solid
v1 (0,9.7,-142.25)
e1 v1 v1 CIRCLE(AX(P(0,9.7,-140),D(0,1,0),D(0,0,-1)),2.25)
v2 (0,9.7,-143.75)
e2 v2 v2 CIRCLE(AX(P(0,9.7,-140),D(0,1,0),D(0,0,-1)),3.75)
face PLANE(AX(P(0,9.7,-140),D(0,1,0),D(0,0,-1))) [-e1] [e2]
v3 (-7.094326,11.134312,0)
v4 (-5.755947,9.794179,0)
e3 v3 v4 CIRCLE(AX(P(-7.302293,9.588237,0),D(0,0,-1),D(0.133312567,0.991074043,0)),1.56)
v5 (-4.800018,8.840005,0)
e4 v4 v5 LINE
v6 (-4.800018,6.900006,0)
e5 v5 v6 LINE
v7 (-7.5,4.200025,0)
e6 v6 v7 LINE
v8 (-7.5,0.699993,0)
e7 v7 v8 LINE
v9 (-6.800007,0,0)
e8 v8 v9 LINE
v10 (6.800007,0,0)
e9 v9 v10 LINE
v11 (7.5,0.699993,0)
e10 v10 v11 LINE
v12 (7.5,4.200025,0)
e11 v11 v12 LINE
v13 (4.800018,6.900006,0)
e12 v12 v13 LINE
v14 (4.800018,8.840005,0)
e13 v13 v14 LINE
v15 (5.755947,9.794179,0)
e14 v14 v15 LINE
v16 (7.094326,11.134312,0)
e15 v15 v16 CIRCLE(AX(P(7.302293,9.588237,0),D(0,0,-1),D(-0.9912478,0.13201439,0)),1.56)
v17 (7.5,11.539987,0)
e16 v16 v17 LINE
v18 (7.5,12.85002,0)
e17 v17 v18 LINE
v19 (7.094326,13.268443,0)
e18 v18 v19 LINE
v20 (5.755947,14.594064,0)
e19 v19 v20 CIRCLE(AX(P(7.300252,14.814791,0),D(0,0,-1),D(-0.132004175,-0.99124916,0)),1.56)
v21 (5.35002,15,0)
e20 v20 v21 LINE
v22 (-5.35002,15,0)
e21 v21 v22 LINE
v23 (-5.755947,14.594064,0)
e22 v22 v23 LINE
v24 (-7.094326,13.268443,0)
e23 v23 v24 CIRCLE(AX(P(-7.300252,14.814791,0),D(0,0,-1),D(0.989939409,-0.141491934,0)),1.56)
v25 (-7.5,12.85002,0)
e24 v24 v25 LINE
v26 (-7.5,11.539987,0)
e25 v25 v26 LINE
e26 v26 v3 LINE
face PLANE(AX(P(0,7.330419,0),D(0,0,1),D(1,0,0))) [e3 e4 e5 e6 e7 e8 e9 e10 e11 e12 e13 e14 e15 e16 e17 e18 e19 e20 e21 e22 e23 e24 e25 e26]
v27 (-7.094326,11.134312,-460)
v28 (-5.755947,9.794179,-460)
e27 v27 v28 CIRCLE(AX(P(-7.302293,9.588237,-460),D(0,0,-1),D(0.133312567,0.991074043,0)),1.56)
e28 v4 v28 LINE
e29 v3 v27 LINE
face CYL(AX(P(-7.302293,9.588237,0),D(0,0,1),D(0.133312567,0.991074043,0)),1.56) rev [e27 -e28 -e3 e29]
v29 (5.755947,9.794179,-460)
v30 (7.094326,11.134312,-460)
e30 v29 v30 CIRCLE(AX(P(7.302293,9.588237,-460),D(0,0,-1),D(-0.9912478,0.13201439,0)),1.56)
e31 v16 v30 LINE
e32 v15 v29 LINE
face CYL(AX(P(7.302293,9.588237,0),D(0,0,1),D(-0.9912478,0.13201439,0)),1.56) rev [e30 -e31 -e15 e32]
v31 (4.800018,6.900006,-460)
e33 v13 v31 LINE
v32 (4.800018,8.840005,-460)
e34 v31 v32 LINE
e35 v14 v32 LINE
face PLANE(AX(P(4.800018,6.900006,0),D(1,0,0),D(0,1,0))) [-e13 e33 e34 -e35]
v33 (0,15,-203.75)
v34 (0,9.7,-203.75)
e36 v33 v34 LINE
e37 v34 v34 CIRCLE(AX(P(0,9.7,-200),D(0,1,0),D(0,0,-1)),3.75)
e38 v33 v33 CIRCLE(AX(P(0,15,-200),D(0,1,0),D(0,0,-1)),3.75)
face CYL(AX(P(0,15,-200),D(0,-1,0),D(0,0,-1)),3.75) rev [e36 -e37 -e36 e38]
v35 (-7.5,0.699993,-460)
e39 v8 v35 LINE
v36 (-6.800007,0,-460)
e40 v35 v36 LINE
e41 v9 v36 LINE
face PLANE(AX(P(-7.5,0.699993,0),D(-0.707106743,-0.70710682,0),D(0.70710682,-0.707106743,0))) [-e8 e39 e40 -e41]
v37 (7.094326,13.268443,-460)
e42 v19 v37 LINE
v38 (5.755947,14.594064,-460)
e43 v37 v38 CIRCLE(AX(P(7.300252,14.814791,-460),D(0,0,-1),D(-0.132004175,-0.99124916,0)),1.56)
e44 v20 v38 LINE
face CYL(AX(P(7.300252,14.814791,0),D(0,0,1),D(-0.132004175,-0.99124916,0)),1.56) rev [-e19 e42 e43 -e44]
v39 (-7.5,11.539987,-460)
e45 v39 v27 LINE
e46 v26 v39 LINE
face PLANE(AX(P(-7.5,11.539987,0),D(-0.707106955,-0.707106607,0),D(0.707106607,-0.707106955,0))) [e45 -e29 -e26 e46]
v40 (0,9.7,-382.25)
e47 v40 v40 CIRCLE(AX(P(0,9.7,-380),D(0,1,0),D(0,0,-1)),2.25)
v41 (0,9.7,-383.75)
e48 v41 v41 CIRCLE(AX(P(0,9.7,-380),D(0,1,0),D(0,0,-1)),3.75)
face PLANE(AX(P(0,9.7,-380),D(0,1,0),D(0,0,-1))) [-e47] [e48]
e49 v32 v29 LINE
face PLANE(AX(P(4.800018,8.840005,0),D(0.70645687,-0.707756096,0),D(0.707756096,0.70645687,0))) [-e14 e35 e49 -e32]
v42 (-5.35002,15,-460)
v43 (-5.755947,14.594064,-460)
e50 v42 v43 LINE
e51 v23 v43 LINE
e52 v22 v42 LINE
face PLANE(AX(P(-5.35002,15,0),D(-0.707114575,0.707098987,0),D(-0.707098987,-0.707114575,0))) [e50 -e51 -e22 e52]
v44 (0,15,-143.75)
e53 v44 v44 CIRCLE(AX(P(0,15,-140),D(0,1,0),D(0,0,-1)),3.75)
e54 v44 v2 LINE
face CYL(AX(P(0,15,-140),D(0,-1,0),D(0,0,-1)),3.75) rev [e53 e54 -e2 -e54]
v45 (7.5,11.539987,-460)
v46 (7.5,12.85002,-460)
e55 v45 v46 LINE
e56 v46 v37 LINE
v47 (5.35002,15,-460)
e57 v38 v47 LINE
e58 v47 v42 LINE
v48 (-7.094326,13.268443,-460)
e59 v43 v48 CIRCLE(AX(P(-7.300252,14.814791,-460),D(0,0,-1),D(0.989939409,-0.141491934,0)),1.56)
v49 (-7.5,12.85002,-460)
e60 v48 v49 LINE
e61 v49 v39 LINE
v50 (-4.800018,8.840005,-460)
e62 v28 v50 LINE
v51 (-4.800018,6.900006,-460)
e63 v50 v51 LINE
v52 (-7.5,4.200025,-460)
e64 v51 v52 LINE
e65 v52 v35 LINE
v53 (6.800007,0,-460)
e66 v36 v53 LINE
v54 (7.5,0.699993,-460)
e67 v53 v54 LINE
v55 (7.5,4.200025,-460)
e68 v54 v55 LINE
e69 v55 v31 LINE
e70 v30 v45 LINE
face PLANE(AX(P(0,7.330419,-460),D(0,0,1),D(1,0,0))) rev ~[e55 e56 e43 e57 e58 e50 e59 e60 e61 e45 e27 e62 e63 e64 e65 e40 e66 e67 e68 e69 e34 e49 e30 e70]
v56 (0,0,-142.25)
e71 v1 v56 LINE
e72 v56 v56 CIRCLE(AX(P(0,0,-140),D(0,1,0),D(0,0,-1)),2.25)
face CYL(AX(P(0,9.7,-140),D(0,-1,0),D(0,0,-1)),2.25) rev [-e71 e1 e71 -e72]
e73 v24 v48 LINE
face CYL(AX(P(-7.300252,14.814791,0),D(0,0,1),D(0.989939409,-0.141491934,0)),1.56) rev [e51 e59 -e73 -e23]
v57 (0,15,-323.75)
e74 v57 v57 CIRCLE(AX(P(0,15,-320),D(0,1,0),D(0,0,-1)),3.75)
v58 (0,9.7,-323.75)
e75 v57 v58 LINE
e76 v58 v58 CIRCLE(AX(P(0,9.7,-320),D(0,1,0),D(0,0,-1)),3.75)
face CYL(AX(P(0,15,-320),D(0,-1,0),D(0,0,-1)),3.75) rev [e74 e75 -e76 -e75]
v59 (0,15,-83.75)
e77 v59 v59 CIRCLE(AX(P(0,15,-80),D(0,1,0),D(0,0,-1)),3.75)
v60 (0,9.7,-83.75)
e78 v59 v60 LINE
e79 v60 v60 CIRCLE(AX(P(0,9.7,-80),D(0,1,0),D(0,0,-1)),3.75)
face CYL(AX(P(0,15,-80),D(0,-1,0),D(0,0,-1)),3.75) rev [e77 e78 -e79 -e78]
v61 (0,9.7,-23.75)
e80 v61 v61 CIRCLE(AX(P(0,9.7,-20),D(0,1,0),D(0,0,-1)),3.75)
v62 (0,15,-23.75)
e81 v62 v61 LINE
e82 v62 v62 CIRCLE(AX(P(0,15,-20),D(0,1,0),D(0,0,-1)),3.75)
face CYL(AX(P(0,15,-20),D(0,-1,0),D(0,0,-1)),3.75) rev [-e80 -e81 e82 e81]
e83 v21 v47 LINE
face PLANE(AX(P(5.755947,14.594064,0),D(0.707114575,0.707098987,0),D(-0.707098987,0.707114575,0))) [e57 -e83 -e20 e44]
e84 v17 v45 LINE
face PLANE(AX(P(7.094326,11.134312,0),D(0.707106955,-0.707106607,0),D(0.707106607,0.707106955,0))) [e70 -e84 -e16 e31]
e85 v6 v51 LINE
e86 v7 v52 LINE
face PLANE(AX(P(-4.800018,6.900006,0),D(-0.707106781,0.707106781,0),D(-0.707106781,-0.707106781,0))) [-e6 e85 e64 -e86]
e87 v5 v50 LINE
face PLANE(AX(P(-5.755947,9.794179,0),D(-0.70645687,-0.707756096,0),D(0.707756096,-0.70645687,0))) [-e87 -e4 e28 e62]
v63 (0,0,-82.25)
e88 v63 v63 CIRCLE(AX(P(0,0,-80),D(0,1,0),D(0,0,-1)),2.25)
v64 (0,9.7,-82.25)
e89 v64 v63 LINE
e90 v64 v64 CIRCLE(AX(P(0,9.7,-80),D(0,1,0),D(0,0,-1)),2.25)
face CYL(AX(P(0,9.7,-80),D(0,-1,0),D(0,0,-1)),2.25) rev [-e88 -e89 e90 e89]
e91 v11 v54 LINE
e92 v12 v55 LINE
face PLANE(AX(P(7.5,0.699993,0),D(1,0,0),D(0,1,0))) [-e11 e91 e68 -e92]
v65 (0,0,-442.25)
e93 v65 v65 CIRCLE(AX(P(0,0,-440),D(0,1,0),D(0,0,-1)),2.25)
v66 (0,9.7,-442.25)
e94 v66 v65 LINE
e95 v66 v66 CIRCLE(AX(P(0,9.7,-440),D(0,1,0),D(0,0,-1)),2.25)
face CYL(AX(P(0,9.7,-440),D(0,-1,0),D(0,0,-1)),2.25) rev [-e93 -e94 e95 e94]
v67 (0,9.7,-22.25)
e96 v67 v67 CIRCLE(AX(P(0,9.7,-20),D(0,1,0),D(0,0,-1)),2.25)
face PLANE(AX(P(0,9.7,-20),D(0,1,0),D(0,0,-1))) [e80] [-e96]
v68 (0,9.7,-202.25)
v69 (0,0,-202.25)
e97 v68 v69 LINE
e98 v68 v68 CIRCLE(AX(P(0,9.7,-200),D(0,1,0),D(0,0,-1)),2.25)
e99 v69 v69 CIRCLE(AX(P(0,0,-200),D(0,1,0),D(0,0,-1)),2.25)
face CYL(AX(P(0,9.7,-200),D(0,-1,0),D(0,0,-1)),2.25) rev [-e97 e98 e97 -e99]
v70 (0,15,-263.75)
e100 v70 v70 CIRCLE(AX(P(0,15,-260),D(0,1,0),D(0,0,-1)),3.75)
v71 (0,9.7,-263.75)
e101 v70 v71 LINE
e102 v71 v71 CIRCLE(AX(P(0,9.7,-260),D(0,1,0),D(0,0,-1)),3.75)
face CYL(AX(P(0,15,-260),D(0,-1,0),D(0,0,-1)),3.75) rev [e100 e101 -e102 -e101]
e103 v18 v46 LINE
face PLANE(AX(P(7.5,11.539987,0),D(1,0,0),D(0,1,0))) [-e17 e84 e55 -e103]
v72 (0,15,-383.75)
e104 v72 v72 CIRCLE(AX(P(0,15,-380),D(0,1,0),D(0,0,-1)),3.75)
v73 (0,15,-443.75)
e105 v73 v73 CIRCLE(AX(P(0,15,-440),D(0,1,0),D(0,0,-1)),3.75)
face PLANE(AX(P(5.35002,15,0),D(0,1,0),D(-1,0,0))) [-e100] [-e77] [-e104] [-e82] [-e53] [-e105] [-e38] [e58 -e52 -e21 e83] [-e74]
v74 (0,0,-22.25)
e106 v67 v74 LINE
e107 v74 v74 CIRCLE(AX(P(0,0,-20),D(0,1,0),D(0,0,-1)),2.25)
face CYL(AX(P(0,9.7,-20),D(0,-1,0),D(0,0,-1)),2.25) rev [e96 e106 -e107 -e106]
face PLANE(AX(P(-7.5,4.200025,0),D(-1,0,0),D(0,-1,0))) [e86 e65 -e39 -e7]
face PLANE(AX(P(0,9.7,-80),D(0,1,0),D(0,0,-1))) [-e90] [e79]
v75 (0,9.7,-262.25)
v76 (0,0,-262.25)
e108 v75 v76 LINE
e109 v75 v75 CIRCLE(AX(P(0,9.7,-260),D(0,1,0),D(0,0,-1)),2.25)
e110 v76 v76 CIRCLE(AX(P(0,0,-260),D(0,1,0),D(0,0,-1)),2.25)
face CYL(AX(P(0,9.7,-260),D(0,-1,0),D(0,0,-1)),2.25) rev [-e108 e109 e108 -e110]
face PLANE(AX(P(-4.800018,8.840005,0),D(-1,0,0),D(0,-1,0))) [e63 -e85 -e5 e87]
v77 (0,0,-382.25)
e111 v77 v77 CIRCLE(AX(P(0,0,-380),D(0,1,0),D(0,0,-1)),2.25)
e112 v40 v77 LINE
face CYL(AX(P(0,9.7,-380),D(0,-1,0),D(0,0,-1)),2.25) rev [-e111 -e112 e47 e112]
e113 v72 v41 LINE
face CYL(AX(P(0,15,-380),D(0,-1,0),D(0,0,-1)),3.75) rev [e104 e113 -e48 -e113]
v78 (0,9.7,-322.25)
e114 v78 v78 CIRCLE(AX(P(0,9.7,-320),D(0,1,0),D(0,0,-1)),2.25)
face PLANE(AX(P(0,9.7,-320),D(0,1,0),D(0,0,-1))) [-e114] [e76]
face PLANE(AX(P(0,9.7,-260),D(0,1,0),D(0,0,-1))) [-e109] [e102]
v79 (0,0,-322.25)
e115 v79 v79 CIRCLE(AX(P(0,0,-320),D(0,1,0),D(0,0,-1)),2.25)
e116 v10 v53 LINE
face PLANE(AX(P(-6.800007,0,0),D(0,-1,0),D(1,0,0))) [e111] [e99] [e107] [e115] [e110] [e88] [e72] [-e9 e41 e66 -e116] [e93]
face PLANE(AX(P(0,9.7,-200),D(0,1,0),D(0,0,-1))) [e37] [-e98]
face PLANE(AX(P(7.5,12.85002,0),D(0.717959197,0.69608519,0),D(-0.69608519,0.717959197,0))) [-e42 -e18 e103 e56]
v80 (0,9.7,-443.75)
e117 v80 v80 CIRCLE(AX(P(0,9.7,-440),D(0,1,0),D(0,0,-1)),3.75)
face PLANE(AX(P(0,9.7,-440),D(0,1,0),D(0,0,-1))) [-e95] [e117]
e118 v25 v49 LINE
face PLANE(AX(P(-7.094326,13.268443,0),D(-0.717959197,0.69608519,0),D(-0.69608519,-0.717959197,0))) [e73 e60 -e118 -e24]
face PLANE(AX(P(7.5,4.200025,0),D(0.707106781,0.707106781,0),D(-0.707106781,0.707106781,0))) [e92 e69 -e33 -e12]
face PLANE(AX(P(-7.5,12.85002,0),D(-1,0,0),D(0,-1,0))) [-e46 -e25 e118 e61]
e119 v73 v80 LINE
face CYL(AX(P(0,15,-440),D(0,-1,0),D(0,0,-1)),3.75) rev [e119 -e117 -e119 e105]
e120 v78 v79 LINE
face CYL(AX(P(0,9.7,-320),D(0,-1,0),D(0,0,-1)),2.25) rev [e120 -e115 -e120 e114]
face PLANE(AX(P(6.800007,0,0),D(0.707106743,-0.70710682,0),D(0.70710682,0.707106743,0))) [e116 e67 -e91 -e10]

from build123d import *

# Parameters (mm, degrees)
EXTRUDE1_DEPTH  = 460
LPATTERN1_COUNT = 8
LPATTERN1_PITCH = 60


with BuildPart() as part:
    # Sketch1 → Extrude1 (new body)
    with BuildSketch(Plane(origin=(-20, 0, 0), x_dir=(1, 0, 0), z_dir=(0, 0, 1))):
        with BuildLine():
            Line((12.5, 0.69999271), (13.199992786, 0))
            Line((13.199992786, 0), (26.800007214, 0))
            Line((26.800007214, 0), (27.5, 0.69999271))
            Line((27.5, 0.69999271), (27.5, 4.2000246))
            Line((27.5, 4.2000246), (24.8000183, 6.9000063))
            Line((24.8000183, 6.9000063), (24.8000183, 8.8400054))
            Line((24.8000183, 8.8400054), (25.755946813, 9.794179118))
            ThreePointArc((25.755946813, 9.794179118), (26.198484624, 10.690600567), (27.09432569, 11.13431209))
            Line((27.09432569, 11.13431209), (27.5, 11.5399866))
            Line((27.5, 11.5399866), (27.5, 12.8500204))
            Line((27.5, 12.8500204), (27.09432569, 13.268442751))
            ThreePointArc((27.09432569, 13.268442751), (26.202460867, 13.706434947), (25.755946813, 14.594063938))
            Line((25.755946813, 14.594063938), (25.3500197, 15))
            Line((25.3500197, 15), (14.6499803, 15))
            Line((14.6499803, 15), (14.244053187, 14.594063938))
            ThreePointArc((14.244053187, 14.594063938), (13.797539133, 13.706434947), (12.90567431, 13.268442751))
            Line((12.90567431, 13.268442751), (12.5, 12.8500204))
            Line((12.5, 12.8500204), (12.5, 11.5399866))
            Line((12.5, 11.5399866), (12.90567431, 11.13431209))
            ThreePointArc((12.90567431, 11.13431209), (13.801515376, 10.690600567), (14.244053187, 9.794179118))
            Line((14.244053187, 9.794179118), (15.1999817, 8.8400054))
            Line((15.1999817, 8.8400054), (15.1999817, 6.9000063))
            Line((15.1999817, 6.9000063), (12.5, 4.2000246))
            Line((12.5, 4.2000246), (12.5, 0.69999271))
        make_face()
    extrude(amount=-EXTRUDE1_DEPTH)

    # Sketch2 → Cut-Revolve1 (revolve, cut)
    with BuildSketch(Plane(origin=(0, 0, 0), x_dir=(0, 0, -1), z_dir=(1, 0, 0))):
        Polygon((20, 15), (23.75, 15), (23.75, 9.7), (22.25, 9.7), (22.25, 0), (20, 0), align=None)
    cut_revolve1 = revolve(axis=Axis((0, 0, -20), (0, 1, 0)), mode=Mode.SUBTRACT)

    # LPattern1: Cut-Revolve1 ×8
    with Locations(*[(0, 0, -i * LPATTERN1_PITCH) for i in range(1, LPATTERN1_COUNT)]):
        add(cut_revolve1, mode=Mode.SUBTRACT)


solid = part.part
